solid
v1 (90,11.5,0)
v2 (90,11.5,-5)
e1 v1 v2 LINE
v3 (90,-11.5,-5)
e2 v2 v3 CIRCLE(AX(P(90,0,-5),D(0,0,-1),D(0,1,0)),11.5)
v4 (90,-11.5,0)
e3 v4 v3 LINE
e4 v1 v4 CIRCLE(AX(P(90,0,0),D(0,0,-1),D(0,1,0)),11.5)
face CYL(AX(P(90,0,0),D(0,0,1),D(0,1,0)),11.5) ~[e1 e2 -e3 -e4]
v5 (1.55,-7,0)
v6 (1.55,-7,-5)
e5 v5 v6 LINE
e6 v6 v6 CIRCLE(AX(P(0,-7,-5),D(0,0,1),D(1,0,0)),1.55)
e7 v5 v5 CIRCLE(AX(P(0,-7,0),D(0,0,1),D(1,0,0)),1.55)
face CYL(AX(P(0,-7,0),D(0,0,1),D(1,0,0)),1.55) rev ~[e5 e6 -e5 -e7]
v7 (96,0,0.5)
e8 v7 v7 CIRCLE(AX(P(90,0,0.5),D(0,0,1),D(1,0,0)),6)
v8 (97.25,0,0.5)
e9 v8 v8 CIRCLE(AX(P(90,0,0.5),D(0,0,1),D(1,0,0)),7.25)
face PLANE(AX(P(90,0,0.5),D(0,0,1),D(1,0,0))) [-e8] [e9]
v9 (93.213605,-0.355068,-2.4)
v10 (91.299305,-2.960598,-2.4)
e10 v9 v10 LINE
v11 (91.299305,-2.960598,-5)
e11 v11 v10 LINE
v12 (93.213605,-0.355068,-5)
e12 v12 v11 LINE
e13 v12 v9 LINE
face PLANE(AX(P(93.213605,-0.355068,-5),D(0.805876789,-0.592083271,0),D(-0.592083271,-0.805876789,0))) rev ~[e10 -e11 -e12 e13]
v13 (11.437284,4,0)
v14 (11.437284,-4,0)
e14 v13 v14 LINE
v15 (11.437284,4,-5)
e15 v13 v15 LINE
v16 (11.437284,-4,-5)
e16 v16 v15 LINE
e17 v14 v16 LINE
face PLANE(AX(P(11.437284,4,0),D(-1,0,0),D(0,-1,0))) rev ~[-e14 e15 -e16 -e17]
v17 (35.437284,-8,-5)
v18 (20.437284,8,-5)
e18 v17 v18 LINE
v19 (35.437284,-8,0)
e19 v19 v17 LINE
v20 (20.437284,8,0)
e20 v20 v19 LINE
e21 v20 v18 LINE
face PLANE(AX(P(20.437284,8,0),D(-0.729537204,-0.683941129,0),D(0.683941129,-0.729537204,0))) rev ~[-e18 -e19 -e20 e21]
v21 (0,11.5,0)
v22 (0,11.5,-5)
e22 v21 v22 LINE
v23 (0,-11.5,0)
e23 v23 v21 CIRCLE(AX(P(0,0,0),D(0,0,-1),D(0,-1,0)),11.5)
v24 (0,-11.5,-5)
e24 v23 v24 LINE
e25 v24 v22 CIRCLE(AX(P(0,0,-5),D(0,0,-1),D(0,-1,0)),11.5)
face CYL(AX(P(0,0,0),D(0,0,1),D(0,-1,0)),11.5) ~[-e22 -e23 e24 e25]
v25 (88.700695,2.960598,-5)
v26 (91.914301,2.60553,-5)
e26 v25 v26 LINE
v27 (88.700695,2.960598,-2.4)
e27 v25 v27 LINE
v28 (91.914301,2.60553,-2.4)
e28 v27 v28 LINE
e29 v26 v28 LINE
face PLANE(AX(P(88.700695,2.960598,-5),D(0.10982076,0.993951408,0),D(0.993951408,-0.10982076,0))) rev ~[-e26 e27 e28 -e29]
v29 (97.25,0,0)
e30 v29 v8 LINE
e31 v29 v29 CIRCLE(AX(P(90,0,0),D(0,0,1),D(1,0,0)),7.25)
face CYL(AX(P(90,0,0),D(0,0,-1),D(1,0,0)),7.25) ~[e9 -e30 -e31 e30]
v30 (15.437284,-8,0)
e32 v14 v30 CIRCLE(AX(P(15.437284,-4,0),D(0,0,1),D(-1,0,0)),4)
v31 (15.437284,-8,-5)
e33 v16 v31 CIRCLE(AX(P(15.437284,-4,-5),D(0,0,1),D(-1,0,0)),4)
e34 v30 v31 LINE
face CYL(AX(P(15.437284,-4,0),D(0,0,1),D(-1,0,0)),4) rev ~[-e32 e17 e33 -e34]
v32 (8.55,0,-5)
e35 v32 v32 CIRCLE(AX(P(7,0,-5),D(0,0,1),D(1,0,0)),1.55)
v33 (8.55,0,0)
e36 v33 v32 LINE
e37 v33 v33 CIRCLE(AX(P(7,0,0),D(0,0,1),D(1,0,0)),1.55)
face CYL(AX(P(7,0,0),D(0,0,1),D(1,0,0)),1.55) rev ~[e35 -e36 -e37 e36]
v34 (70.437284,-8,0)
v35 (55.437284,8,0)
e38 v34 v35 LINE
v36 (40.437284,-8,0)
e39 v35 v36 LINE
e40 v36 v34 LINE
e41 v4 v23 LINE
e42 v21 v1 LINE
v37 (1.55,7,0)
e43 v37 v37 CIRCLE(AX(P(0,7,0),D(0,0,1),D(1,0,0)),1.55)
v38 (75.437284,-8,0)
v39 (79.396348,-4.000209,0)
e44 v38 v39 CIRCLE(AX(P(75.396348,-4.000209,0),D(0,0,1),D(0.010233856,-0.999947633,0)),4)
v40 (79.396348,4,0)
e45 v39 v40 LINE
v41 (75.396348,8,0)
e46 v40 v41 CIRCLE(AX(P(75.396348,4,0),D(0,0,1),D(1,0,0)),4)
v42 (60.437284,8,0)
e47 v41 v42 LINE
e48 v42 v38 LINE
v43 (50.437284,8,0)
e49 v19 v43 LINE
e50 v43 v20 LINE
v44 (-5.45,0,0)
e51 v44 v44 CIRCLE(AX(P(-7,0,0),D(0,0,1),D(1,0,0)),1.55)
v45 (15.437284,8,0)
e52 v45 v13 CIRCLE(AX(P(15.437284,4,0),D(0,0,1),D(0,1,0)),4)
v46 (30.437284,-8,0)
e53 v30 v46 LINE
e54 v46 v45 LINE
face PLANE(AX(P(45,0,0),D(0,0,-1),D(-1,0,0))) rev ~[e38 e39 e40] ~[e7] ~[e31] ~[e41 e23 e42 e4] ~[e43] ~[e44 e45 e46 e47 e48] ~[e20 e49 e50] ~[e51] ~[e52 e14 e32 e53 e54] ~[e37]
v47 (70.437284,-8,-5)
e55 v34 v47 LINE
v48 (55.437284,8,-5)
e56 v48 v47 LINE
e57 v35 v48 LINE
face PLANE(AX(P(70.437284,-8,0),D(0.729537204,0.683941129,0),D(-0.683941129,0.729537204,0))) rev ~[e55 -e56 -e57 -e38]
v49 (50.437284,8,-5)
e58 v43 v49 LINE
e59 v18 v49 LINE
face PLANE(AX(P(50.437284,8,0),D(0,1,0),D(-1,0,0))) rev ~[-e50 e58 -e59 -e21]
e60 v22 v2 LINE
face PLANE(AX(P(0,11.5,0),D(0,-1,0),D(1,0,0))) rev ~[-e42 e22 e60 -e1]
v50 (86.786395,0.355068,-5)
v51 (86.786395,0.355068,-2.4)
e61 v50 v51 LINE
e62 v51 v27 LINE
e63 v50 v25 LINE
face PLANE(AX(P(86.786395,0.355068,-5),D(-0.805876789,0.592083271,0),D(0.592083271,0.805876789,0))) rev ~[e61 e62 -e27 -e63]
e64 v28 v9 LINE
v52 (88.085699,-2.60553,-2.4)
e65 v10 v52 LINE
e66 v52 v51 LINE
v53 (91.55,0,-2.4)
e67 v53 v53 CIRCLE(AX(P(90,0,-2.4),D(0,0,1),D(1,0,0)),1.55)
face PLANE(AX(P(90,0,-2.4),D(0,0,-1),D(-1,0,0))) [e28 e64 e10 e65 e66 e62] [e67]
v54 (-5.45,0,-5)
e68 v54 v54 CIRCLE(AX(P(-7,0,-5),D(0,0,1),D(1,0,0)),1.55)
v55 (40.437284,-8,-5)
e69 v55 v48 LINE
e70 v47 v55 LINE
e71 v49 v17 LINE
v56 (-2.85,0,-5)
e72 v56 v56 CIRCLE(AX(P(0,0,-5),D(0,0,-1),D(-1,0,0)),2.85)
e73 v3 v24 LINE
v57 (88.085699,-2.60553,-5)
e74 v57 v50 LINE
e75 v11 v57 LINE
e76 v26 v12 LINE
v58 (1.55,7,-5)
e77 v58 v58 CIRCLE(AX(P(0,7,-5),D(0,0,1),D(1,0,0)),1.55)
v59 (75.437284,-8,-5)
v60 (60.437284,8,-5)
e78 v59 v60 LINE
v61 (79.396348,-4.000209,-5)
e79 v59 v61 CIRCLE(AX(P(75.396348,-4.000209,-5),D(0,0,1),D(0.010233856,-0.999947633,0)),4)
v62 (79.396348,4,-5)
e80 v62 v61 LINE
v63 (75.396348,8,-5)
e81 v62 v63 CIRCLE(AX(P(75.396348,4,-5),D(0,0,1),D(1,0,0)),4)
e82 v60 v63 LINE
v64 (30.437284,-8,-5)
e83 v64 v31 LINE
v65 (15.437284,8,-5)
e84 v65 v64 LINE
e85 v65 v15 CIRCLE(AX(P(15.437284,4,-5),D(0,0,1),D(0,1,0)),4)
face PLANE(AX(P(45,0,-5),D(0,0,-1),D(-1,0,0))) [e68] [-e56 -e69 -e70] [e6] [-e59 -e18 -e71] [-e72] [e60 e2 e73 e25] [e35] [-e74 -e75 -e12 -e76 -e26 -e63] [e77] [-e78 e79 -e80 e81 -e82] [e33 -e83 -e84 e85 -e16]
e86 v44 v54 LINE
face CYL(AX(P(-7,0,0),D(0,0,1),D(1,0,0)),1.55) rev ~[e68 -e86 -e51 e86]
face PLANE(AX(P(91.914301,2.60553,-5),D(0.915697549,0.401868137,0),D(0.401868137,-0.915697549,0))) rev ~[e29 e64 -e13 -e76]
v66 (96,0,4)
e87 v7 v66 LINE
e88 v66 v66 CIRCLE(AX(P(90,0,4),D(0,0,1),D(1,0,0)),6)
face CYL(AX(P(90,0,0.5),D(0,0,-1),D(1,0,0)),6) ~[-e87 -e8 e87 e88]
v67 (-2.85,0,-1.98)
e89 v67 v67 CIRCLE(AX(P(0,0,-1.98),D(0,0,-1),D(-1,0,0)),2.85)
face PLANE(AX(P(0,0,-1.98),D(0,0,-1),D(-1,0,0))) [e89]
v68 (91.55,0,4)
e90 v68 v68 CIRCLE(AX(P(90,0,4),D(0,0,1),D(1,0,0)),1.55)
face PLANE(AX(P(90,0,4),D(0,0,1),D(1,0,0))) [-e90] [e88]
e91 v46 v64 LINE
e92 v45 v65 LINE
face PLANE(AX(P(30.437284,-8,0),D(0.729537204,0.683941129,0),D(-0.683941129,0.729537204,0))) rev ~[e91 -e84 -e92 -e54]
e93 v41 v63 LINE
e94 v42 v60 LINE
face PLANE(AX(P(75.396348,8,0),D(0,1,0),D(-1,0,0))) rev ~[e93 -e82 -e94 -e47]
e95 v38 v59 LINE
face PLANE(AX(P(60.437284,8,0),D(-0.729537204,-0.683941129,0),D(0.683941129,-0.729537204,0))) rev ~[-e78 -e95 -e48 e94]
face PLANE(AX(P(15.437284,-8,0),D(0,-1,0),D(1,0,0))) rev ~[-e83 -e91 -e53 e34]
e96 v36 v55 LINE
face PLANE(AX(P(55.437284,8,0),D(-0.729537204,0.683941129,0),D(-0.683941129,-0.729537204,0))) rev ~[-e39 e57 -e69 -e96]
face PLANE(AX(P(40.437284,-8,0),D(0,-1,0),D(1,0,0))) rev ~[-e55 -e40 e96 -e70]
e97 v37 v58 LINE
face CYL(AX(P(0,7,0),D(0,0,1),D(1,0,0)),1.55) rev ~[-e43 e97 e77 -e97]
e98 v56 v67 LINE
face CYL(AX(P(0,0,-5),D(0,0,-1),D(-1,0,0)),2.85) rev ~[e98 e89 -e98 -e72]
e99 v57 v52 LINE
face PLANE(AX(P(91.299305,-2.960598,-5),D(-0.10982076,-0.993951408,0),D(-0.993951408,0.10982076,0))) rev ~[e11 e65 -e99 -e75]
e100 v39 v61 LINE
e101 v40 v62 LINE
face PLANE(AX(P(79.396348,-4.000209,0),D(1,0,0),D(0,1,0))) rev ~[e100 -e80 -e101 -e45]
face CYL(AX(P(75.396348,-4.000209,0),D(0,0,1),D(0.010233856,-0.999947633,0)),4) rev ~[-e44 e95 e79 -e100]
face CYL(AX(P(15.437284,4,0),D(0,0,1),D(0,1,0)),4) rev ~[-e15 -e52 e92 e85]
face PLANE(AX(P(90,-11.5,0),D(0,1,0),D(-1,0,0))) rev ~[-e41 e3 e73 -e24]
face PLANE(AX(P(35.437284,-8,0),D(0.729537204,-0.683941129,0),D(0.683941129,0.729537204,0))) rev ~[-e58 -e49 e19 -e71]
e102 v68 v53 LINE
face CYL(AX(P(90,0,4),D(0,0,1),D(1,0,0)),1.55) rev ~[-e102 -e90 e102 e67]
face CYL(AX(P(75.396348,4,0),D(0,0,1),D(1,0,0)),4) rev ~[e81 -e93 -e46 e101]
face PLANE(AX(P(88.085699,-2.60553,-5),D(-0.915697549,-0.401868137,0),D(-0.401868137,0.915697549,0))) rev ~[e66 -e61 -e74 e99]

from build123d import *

# Parameters (mm, degrees)
BOSS_EXTRUDE1_DEPTH = 5
SKETCH11_R          = 7.25
BOSS_EXTRUDE3_DEPTH = 0.5
SKETCH12_R          = 6
BOSS_EXTRUDE4_DEPTH = 3.5
SKETCH13_R          = 1.55
CUT_EXTRUDE1_DEPTH  = 20.5
CUT_EXTRUDE2_DEPTH  = 2.6
SKETCH16_R          = 2.85
CUT_EXTRUDE3_DEPTH  = 3.02
SKETCH17_R          = 1.55
CUT_EXTRUDE4_DEPTH  = 10.02
CUT_EXTRUDE13_DEPTH = 10


with BuildPart() as part:
    # Sketch2 → Boss-Extrude1 (new body)
    with BuildSketch(Plane.XY):
        with BuildLine():
            Line((0, 11.5), (90, 11.5))
            ThreePointArc((90, 11.5), (101.5, 0), (90, -11.5))
            Line((90, -11.5), (0, -11.5))
            ThreePointArc((0, -11.5), (-11.5, 0), (0, 11.5))
        make_face()
    extrude(amount=-BOSS_EXTRUDE1_DEPTH)

    # Sketch11 → Boss-Extrude3 (add)
    with BuildSketch(Plane.XY):
        with Locations((90, 0)):
            Circle(SKETCH11_R)
    extrude(amount=BOSS_EXTRUDE3_DEPTH)

    # Sketch12 → Boss-Extrude4 (add)
    with BuildSketch(Plane.XY.offset(0.5)):
        with Locations((90, 0)):
            Circle(SKETCH12_R)
    extrude(amount=BOSS_EXTRUDE4_DEPTH)

    # Sketch13 → Cut-Extrude1 (cut)
    with BuildSketch(Plane.XY.offset(4)):
        with Locations((90, 0)):
            Circle(SKETCH13_R)
    extrude(amount=-CUT_EXTRUDE1_DEPTH, mode=Mode.SUBTRACT)

    # Sketch14 → Cut-Extrude2 (cut)
    with BuildSketch(Plane(origin=(0, 0, -5), x_dir=(-1, 0, 0), z_dir=(0, 0, -1))):
        Polygon((-93.213605432, -0.355068252), (-91.299304589, -2.960598068), (-88.085699158, -2.605529815), (-86.786394568, 0.355068252), (-88.700695411, 2.960598068), (-91.914300842, 2.605529815), align=None)
    extrude(amount=-CUT_EXTRUDE2_DEPTH, mode=Mode.SUBTRACT)

    # Sketch16 → Cut-Extrude3 (cut)
    with BuildSketch(Plane(origin=(0, 0, -5), x_dir=(-1, 0, 0), z_dir=(0, 0, -1))):
        Circle(SKETCH16_R)
    extrude(amount=-CUT_EXTRUDE3_DEPTH, mode=Mode.SUBTRACT)

    # Sketch17 → Cut-Extrude4 (cut)
    with BuildSketch(Plane.XY):
        with Locations((0, 7)):
            Circle(SKETCH17_R)
        with Locations((0, -7)):
            Circle(SKETCH17_R)
        with Locations((-7, 0)):
            Circle(SKETCH17_R)
        with Locations((7, 0)):
            Circle(SKETCH17_R)
    extrude(amount=-CUT_EXTRUDE4_DEPTH, mode=Mode.SUBTRACT)

    # Sketch18 → Cut-Extrude13 (cut)
    with BuildSketch(Plane.XY):
        Polygon((50.43728363, 8), (20.43728363, 8), (35.43728363, -8), align=None)
        with BuildLine():
            Line((30.43728363, -8), (15.43728363, 8))
            ThreePointArc((15.43728363, 8), (12.608856505, 6.828427125), (11.43728363, 4))
            Line((11.43728363, 4), (11.43728363, -4))
            ThreePointArc((11.43728363, -4), (12.608856505, -6.828427125), (15.43728363, -8))
            Line((15.43728363, -8), (30.43728363, -8))
        make_face()
        Polygon((70.43728363, -8), (55.43728363, 8), (40.43728363, -8), align=None)
        with BuildLine():
            Line((75.396348206, 8), (60.43728363, 8))
            Line((60.43728363, 8), (75.43728363, -8))
            ThreePointArc((75.43728363, -8), (78.239211349, -6.814126517), (79.396348206, -4.000209469))
            Line((79.396348206, -4.000209469), (79.396348206, 4))
            ThreePointArc((79.396348206, 4), (78.224775331, 6.828427125), (75.396348206, 8))
        make_face()
    extrude(amount=-CUT_EXTRUDE13_DEPTH, mode=Mode.SUBTRACT)


solid = part.part
